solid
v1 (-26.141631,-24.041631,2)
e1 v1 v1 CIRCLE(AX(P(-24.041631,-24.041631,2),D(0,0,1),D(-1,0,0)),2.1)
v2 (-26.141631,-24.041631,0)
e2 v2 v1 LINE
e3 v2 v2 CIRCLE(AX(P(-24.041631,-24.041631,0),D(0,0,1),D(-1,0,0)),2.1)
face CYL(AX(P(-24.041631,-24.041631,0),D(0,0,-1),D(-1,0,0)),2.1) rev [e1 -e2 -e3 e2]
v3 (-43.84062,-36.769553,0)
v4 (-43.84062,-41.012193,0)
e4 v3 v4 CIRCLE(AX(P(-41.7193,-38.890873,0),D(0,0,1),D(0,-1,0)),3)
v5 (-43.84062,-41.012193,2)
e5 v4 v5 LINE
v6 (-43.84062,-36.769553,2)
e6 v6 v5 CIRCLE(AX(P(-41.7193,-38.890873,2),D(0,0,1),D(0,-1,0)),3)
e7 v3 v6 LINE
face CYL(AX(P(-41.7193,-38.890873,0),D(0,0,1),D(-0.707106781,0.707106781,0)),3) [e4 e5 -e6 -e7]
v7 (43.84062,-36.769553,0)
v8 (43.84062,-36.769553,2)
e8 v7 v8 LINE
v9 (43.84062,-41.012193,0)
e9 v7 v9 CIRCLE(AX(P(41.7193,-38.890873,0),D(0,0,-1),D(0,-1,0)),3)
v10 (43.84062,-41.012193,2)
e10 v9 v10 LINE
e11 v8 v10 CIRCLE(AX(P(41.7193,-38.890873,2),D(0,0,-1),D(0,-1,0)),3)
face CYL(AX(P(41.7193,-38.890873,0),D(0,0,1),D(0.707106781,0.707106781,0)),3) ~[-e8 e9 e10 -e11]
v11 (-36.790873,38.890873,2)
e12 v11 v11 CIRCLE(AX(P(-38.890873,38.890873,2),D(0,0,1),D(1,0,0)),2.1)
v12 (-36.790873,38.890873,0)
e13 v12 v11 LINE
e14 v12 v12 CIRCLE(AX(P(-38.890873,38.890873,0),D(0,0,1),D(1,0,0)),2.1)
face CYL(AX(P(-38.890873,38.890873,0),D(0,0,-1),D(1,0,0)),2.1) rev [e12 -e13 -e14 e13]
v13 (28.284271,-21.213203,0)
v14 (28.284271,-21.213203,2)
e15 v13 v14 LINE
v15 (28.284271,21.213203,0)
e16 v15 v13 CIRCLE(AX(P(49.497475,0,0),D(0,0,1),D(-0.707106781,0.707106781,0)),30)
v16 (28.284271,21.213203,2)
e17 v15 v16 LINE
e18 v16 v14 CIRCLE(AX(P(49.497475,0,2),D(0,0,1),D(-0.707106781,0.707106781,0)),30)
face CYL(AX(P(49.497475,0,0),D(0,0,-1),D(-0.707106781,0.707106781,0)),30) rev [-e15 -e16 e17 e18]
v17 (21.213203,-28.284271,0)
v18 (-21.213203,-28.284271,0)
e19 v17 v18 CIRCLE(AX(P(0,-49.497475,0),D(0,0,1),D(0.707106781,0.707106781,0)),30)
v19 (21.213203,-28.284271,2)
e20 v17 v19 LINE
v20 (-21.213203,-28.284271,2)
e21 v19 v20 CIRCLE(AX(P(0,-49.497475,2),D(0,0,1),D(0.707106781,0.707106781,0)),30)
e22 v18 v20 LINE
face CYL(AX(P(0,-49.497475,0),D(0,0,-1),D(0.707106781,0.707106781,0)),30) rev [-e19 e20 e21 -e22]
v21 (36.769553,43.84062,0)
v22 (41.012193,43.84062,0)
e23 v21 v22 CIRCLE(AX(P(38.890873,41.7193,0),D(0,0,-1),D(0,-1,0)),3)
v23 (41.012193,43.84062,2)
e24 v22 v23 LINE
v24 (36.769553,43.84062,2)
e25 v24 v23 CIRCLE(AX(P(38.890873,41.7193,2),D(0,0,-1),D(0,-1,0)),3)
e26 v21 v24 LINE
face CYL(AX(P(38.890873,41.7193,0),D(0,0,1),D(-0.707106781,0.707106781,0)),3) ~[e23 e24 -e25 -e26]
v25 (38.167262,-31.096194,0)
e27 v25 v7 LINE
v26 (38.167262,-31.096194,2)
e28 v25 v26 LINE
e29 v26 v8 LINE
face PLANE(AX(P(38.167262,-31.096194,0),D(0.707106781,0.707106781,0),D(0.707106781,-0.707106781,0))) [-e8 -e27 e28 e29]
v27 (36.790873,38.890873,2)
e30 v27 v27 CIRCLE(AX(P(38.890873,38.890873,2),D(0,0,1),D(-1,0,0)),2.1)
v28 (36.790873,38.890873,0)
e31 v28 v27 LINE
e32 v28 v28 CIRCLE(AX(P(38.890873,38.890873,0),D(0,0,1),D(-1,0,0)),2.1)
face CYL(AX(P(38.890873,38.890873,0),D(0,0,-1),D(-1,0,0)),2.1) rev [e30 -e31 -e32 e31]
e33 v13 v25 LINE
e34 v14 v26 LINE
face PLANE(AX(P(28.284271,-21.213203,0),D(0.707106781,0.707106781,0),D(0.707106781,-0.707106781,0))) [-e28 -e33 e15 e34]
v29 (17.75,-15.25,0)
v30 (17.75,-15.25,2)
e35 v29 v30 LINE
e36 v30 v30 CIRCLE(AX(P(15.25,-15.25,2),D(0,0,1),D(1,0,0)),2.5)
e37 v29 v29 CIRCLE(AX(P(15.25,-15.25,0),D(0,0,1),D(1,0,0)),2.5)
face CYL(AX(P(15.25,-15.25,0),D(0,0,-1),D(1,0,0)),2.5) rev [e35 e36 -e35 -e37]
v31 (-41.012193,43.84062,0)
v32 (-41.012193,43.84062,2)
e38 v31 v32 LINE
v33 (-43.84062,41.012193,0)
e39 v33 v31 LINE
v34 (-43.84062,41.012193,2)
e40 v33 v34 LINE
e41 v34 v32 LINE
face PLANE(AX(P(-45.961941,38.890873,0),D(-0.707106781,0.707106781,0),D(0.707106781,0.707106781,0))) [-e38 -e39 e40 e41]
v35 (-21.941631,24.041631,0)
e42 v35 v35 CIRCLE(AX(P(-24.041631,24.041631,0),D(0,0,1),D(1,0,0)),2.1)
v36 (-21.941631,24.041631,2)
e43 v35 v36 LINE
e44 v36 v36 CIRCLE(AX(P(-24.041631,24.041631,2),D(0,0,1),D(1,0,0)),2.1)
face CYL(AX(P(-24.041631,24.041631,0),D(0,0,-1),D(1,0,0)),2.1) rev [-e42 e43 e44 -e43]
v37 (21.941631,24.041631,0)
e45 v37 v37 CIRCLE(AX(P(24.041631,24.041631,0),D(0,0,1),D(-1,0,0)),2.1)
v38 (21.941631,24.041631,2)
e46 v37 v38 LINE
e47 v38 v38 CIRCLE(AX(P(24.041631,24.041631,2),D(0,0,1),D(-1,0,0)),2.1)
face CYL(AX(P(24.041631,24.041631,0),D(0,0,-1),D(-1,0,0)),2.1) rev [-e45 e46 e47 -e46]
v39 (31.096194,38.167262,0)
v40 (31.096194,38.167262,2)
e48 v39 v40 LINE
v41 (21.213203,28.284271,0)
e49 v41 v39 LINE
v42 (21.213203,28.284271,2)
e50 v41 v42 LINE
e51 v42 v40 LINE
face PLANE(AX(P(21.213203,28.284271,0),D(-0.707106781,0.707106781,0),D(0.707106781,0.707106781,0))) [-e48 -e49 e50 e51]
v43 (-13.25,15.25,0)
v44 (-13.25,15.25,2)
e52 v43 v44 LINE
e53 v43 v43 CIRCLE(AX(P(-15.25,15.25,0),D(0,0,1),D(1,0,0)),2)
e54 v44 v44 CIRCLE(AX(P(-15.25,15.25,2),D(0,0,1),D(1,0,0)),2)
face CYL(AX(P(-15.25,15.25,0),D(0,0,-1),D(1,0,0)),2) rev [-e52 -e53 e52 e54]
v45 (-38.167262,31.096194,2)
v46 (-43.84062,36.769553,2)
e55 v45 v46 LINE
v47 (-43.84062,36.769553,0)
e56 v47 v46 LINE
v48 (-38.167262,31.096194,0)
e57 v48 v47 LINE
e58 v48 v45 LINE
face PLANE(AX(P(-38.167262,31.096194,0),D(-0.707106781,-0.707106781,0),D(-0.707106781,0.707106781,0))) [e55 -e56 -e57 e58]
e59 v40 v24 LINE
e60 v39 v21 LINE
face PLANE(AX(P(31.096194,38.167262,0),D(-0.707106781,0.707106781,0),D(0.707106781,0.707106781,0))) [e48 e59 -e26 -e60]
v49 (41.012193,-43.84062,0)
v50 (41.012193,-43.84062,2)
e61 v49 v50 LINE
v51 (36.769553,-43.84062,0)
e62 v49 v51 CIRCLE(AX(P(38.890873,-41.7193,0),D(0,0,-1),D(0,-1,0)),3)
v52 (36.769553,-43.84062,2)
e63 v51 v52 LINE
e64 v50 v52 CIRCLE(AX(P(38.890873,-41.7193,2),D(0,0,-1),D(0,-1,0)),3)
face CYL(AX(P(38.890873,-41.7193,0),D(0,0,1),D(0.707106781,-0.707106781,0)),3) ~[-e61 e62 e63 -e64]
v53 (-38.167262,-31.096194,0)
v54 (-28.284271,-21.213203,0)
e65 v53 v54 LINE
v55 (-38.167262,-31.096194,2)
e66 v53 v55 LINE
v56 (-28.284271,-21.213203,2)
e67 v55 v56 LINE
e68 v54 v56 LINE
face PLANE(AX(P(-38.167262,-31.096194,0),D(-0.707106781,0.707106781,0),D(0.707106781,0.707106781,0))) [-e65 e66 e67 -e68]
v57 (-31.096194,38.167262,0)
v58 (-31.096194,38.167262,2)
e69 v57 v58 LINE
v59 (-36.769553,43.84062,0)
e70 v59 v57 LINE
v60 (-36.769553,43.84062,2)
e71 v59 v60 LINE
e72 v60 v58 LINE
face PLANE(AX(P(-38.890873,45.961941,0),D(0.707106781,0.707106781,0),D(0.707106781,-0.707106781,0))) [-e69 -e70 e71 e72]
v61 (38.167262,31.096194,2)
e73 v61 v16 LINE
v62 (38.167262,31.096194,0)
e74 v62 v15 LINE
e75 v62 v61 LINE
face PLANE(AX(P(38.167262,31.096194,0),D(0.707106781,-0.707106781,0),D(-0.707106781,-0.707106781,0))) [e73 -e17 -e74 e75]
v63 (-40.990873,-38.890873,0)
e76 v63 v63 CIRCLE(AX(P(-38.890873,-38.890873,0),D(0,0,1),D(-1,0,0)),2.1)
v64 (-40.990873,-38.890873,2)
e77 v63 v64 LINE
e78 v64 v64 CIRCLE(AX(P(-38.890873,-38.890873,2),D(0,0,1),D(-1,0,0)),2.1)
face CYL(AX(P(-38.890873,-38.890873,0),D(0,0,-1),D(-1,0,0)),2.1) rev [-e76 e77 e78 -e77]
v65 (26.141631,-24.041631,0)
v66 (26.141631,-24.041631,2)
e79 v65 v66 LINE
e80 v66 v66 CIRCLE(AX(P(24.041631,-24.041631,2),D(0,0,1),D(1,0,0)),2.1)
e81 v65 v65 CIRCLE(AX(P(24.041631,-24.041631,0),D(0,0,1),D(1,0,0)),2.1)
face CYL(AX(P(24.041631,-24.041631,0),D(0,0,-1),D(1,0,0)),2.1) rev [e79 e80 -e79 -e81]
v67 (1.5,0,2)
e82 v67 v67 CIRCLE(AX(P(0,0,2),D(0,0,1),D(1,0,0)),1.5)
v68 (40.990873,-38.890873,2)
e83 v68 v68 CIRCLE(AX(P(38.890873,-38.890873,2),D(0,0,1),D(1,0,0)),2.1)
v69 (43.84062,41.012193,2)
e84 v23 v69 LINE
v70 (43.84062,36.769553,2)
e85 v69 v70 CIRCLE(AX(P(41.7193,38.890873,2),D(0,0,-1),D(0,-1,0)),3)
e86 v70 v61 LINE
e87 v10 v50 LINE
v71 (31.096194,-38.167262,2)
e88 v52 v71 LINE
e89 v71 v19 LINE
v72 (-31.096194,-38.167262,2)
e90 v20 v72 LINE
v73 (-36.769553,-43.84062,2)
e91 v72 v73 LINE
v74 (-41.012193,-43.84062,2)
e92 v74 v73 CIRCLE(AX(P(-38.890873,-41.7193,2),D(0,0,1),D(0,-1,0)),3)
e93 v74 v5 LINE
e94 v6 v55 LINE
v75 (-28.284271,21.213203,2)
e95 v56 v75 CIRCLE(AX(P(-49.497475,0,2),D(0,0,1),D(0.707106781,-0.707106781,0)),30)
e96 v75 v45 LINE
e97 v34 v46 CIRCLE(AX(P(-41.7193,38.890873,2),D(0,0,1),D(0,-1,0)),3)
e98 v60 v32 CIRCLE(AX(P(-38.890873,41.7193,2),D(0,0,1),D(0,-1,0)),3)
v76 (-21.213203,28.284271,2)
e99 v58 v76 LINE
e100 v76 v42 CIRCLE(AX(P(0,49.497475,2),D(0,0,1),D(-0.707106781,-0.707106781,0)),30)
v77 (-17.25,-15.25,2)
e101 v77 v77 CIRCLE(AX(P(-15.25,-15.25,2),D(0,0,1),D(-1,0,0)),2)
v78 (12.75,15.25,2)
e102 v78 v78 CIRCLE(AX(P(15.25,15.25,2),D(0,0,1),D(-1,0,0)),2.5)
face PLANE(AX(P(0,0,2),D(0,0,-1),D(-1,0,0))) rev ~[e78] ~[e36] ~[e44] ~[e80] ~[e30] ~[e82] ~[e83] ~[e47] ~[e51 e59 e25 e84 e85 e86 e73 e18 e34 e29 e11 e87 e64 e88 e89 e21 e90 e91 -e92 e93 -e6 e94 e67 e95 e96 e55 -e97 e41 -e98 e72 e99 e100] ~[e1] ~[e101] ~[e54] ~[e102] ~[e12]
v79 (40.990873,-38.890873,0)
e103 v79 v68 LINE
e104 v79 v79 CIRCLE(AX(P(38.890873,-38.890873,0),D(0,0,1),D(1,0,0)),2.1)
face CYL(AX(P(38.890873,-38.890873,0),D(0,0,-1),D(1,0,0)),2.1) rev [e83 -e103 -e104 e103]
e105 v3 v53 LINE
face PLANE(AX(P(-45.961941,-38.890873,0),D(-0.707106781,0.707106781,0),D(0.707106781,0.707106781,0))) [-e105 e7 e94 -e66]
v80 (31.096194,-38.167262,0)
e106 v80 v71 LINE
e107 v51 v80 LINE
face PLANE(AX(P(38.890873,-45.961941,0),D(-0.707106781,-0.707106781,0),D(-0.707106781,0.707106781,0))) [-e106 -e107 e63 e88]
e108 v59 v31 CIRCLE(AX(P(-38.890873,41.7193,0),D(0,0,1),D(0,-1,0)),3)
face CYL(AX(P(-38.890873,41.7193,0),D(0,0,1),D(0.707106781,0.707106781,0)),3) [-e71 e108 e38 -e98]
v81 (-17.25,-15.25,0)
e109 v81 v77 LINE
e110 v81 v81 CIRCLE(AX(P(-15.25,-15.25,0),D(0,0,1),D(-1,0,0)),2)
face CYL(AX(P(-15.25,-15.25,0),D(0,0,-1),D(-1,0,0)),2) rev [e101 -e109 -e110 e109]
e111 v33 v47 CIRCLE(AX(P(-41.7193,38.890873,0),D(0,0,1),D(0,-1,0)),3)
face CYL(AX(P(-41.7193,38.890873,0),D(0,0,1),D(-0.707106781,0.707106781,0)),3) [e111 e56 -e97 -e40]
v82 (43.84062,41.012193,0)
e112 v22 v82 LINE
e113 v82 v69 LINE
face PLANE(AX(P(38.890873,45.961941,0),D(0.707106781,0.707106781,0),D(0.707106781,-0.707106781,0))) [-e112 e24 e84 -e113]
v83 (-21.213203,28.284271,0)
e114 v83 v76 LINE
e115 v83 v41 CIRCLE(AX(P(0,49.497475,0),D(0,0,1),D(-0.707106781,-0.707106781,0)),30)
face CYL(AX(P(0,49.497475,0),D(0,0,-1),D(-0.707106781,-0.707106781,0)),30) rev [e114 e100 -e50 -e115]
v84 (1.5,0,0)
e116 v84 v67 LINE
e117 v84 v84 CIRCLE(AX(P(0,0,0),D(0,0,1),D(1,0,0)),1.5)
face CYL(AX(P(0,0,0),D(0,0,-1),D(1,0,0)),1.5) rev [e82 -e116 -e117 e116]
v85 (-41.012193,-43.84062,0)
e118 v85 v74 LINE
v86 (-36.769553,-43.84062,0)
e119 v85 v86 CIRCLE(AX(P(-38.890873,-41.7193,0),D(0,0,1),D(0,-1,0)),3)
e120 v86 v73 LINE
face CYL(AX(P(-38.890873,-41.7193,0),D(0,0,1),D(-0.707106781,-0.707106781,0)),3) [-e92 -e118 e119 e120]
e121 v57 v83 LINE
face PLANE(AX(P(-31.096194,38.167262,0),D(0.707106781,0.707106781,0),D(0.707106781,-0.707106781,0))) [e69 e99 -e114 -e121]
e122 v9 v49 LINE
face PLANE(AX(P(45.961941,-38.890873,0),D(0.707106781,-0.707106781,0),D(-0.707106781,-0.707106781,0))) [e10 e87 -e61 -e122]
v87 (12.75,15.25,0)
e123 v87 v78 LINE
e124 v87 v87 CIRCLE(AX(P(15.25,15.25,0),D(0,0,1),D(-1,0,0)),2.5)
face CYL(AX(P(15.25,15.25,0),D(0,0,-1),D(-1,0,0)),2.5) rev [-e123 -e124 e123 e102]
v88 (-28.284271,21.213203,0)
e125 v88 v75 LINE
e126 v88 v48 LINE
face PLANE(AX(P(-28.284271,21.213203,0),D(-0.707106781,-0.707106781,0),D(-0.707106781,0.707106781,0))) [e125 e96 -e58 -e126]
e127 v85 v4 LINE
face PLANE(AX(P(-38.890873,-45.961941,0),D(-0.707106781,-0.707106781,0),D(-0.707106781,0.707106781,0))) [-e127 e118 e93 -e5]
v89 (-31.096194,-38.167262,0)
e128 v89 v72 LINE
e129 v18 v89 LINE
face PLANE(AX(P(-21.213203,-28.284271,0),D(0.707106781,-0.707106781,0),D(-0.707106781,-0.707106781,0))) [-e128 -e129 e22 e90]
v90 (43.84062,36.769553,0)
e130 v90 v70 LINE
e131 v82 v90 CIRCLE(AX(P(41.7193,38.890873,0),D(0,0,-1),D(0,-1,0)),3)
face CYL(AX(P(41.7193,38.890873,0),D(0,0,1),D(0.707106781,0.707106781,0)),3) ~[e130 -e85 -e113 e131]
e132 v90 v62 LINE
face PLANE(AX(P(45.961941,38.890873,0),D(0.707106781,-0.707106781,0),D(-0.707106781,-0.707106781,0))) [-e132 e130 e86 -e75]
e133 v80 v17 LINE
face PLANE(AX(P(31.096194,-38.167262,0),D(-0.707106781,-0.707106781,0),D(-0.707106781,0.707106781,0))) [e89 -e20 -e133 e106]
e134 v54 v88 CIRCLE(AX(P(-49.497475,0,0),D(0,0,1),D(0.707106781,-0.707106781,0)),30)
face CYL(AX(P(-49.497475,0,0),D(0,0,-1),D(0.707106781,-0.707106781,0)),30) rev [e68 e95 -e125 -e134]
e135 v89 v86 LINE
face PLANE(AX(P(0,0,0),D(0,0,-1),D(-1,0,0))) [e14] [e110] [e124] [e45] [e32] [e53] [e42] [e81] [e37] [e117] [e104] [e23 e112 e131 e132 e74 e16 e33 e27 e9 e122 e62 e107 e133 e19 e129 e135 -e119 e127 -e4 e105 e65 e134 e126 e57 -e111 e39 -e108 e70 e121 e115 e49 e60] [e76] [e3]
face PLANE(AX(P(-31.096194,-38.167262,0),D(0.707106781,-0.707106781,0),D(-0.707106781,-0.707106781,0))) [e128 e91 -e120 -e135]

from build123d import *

# Parameters (mm, degrees)
CROQUIS1_R              = 2
CROQUIS1_R_2            = 2.1
CROQUIS1_R_3            = 2.5
CROQUIS1_R_4            = 1.5
SALIENTE_EXTRUIR1_DEPTH = 2
REDONDEO3_R             = 3


with BuildPart() as part:
    # Croquis1 → Saliente-Extruir1 (new body)
    with BuildSketch(Plane.XY):
        with BuildLine():
            Line((-31.096194078, 38.16726189), (-21.213203436, 28.284271247))
            ThreePointArc((-21.213203436, 28.284271247), (0, 19.497474683), (21.213203436, 28.284271247))
            Line((21.213203436, 28.284271247), (31.096194078, 38.16726189))
            Line((31.096194078, 38.16726189), (38.890872965, 45.961940777))
            Line((38.890872965, 45.961940777), (42.426406871, 42.426406871))
            Line((42.426406871, 42.426406871), (45.961940777, 38.890872965))
            Line((45.961940777, 38.890872965), (38.16726189, 31.096194078))
            Line((38.16726189, 31.096194078), (28.284271247, 21.213203436))
            ThreePointArc((28.284271247, 21.213203436), (19.497474683, 0), (28.284271247, -21.213203436))
            Line((28.284271247, -21.213203436), (38.16726189, -31.096194078))
            Line((38.16726189, -31.096194078), (45.961940777, -38.890872965))
            Line((45.961940777, -38.890872965), (42.426406871, -42.426406871))
            Line((42.426406871, -42.426406871), (38.890872965, -45.961940777))
            Line((38.890872965, -45.961940777), (31.096194078, -38.16726189))
            Line((31.096194078, -38.16726189), (21.213203436, -28.284271247))
            ThreePointArc((21.213203436, -28.284271247), (0, -19.497474683), (-21.213203436, -28.284271247))
            Line((-21.213203436, -28.284271247), (-31.096194078, -38.16726189))
            Line((-31.096194078, -38.16726189), (-38.890872965, -45.961940777))
            Line((-38.890872965, -45.961940777), (-42.426406871, -42.426406871))
            Line((-42.426406871, -42.426406871), (-45.961940777, -38.890872965))
            Line((-45.961940777, -38.890872965), (-38.16726189, -31.096194078))
            Line((-38.16726189, -31.096194078), (-28.284271247, -21.213203436))
            ThreePointArc((-28.284271247, -21.213203436), (-19.497474683, 0), (-28.284271247, 21.213203436))
            Line((-28.284271247, 21.213203436), (-38.16726189, 31.096194078))
            Line((-38.16726189, 31.096194078), (-45.961940777, 38.890872965))
            Line((-45.961940777, 38.890872965), (-42.426406871, 42.426406871))
            Line((-42.426406871, 42.426406871), (-38.890872965, 45.961940777))
            Line((-38.890872965, 45.961940777), (-31.096194078, 38.16726189))
        make_face()
        with Locations((-15.25, 15.25)):
            Circle(CROQUIS1_R, mode=Mode.SUBTRACT)
        with Locations((-24.04163056, 24.04163056)):
            Circle(CROQUIS1_R_2, mode=Mode.SUBTRACT)
        with Locations((-38.890872965, 38.890872965)):
            Circle(CROQUIS1_R_2, mode=Mode.SUBTRACT)
        with Locations(Location((38.890872965, 38.890872965, 0), (0, 0, 180))):
            Circle(CROQUIS1_R_2, mode=Mode.SUBTRACT)
        with Locations(Location((24.04163056, 24.04163056, 0), (0, 0, 180))):
            Circle(CROQUIS1_R_2, mode=Mode.SUBTRACT)
        with Locations(Location((15.25, 15.25, 0), (0, 0, 180))):
            Circle(CROQUIS1_R_3, mode=Mode.SUBTRACT)
        with Locations((15.25, -15.25)):
            Circle(CROQUIS1_R_3, mode=Mode.SUBTRACT)
        with Locations((24.04163056, -24.04163056)):
            Circle(CROQUIS1_R_2, mode=Mode.SUBTRACT)
        with Locations((38.890872965, -38.890872965)):
            Circle(CROQUIS1_R_2, mode=Mode.SUBTRACT)
        with Locations(Location((-15.25, -15.25, 0), (0, 0, 180))):
            Circle(CROQUIS1_R, mode=Mode.SUBTRACT)
        with Locations(Location((-24.04163056, -24.04163056, 0), (0, 0, 180))):
            Circle(CROQUIS1_R_2, mode=Mode.SUBTRACT)
        with Locations(Location((-38.890872965, -38.890872965, 0), (0, 0, 180))):
            Circle(CROQUIS1_R_2, mode=Mode.SUBTRACT)
        Circle(CROQUIS1_R_4, mode=Mode.SUBTRACT)
    extrude(amount=SALIENTE_EXTRUIR1_DEPTH)

    # Redondeo3
    redondeo3_edges = [part.edges().sort_by_distance(p)[0] for p in [
        (-38.890872965, 45.961940777, 1),
        (38.890872965, 45.961940777, 1),
        (45.961940777, 38.890872965, 1),
        (45.961940777, -38.890872965, 1),
        (38.890872965, -45.961940777, 1),
        (-38.890872965, -45.961940777, 1),
        (-45.961940777, -38.890872965, 1),
        (-45.961940777, 38.890872965, 1),
    ]]
    fillet(redondeo3_edges, radius=REDONDEO3_R)


solid = part.part
